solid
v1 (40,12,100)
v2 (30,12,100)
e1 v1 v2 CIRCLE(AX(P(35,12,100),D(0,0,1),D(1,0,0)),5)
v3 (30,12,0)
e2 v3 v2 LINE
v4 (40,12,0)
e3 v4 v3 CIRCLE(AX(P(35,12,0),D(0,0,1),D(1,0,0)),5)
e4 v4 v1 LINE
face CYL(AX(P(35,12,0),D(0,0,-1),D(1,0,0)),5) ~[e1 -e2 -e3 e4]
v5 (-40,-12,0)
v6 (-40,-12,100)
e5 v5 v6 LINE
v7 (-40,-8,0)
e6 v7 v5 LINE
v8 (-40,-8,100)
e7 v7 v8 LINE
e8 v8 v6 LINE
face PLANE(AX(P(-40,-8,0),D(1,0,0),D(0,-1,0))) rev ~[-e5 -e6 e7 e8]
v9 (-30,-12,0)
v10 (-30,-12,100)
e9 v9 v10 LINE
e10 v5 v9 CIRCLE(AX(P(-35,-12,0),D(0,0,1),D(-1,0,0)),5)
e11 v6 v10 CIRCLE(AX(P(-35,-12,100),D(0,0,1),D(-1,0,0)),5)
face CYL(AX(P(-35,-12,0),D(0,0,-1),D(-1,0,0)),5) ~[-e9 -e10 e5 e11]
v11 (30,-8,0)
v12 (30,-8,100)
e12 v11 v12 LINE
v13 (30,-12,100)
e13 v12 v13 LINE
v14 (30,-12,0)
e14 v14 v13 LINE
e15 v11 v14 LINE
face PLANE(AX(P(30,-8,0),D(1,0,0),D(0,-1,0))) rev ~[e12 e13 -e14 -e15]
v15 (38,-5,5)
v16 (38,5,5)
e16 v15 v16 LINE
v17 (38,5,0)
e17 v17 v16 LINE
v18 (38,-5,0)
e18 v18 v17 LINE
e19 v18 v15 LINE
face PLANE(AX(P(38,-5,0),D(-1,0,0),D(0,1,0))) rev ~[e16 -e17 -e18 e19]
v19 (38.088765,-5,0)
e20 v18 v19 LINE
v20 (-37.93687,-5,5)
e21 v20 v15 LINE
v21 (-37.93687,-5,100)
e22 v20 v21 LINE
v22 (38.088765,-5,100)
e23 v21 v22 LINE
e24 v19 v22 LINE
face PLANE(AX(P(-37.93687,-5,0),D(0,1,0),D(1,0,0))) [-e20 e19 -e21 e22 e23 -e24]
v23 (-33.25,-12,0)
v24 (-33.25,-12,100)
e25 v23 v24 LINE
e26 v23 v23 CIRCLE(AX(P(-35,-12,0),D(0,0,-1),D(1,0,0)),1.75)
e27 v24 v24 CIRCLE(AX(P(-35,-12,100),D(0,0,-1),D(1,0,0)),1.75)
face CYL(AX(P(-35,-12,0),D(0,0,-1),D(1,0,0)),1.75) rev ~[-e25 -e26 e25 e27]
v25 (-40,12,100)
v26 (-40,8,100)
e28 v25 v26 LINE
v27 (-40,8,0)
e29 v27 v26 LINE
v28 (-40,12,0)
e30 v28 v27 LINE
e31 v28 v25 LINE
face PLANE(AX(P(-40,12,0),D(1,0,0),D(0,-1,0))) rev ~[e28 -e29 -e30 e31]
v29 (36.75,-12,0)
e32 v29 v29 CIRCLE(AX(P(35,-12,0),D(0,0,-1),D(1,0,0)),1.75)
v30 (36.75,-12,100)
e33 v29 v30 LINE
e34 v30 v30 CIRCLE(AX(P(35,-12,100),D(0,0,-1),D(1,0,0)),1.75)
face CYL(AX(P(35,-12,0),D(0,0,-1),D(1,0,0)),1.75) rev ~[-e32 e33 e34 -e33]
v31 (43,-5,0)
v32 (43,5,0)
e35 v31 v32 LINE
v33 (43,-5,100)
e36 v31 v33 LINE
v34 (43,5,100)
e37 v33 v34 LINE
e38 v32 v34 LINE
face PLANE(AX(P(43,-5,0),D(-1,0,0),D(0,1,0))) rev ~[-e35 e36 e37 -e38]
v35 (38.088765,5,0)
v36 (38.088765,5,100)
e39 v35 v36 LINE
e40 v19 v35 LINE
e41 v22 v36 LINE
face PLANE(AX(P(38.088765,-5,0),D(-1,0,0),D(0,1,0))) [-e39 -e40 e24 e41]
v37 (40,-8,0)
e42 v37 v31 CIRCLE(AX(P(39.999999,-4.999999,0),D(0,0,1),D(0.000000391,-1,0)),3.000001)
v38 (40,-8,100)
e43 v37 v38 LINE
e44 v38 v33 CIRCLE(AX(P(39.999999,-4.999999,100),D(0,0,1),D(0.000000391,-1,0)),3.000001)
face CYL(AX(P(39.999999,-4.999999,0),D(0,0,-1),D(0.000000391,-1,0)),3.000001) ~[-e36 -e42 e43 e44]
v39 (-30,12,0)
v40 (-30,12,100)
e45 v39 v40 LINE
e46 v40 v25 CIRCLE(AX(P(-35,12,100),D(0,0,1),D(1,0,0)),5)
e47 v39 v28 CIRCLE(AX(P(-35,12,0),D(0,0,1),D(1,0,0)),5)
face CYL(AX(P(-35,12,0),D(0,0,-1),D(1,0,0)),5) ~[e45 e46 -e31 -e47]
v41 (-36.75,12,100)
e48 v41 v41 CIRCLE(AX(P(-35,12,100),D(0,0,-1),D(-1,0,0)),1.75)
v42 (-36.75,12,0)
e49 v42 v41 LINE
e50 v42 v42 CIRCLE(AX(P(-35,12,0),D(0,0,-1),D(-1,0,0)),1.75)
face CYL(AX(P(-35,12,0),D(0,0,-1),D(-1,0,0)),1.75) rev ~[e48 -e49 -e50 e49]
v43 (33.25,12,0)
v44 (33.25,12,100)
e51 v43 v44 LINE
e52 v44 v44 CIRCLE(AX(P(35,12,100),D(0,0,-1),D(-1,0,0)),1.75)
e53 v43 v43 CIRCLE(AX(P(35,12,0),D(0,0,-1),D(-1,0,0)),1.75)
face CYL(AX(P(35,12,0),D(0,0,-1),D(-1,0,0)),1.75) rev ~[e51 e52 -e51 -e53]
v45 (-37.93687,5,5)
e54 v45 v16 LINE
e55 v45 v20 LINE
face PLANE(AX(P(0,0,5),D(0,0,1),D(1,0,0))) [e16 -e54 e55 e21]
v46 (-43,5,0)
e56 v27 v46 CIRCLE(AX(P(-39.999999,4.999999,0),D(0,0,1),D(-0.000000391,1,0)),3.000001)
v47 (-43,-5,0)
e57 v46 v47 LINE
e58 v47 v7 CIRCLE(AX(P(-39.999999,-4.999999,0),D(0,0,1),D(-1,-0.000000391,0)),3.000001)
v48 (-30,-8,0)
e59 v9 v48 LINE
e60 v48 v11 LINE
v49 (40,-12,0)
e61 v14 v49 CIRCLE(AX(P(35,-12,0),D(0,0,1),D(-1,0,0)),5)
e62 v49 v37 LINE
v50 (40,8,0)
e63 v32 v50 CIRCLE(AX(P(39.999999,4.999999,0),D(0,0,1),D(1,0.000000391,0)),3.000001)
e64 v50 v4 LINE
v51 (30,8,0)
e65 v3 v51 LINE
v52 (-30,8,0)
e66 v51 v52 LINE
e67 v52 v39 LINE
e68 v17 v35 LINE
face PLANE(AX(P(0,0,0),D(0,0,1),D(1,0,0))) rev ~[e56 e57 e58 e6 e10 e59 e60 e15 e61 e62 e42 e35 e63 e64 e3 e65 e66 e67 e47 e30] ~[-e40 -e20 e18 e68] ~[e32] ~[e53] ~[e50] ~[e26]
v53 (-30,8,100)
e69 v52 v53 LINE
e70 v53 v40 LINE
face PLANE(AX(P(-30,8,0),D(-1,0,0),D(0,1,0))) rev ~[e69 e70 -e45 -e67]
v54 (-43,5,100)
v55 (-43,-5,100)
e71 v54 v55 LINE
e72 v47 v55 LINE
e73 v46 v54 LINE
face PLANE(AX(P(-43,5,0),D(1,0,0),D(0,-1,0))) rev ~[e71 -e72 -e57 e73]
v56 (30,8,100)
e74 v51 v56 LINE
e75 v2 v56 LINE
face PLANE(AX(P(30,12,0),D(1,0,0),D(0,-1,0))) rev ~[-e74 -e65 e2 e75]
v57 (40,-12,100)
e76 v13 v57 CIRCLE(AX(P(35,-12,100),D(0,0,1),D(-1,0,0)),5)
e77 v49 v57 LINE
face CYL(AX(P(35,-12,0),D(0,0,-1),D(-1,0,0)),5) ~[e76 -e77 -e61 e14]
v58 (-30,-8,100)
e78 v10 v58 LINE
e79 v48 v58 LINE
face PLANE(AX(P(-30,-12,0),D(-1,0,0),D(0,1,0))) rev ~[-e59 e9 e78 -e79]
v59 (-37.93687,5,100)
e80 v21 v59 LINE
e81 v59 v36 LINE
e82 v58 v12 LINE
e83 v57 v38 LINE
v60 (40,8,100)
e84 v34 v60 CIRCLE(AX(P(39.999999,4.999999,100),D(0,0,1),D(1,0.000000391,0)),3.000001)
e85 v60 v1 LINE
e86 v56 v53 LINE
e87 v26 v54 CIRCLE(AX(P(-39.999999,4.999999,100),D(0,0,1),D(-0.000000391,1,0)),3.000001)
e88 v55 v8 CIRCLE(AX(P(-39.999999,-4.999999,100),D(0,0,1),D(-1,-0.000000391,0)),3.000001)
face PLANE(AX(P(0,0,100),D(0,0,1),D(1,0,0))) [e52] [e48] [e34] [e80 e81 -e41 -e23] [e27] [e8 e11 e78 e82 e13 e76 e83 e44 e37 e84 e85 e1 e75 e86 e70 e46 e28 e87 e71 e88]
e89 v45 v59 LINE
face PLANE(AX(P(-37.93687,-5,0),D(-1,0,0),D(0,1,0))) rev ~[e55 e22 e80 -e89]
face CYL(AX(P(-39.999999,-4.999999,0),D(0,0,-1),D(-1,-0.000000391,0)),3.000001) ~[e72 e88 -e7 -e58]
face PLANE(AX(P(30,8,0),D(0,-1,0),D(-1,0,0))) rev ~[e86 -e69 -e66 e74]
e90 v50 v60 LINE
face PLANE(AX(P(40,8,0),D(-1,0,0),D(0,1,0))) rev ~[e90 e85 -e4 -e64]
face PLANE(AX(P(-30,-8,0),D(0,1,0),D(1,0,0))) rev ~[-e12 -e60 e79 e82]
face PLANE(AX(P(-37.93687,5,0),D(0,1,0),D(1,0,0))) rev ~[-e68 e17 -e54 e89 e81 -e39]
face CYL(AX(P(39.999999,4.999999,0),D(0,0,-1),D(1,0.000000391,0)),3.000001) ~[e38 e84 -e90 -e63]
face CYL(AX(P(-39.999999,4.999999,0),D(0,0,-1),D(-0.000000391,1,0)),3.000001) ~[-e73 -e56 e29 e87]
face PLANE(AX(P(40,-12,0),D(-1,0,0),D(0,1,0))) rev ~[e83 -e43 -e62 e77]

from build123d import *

# Parameters (mm, degrees)
F1_W     = 76
F1_H     = 10
F2_DEPTH = 5
F0_W     = 76.025635
F0_H     = 10
F3_DEPTH = 100


with BuildPart() as f2:
    # F1 (on Top) → F2 (new body)
    with BuildSketch(Plane.XY):
        Rectangle(F1_W, F1_H)
    extrude(amount=F2_DEPTH)

    # F0 (on Top) → F3 (join)
    with BuildSketch(Plane.XY):
        with BuildLine():
            ThreePointArc((43, 5), (42.12132, 7.12132), (40, 8))
            Line((40, 8), (30, 8))
            Line((30, 8), (-30, 8))
            Line((-30, 8), (-40, 8))
            ThreePointArc((-40, 8), (-42.12132, 7.12132), (-43, 5))
            Line((-43, 5), (-43, -5))
            ThreePointArc((-43, -5), (-42.12132, -7.12132), (-40, -8))
            Line((-40, -8), (-30, -8))
            Line((-30, -8), (30, -8))
            Line((30, -8), (40, -8))
            ThreePointArc((40, -8), (42.12132, -7.12132), (43, -5))
            Line((43, -5), (43, 5))
        make_face()
        with Locations((0.075947, 0)):
            Rectangle(F0_W, F0_H, mode=Mode.SUBTRACT)
        with BuildLine():
            Line((30, 8), (40, 8))
            Line((40, 8), (40, 12))
            Line((40, 12), (36.75, 12))
            ThreePointArc((36.75, 12), (35, 10.25), (33.25, 12))
            Line((33.25, 12), (30, 12))
            Line((30, 12), (30, 8))
        make_face()
        with BuildLine():
            Line((36.75, 12), (40, 12))
            ThreePointArc((40, 12), (35, 17), (30, 12))
            Line((30, 12), (33.25, 12))
            ThreePointArc((33.25, 12), (35, 13.75), (36.75, 12))
        make_face()
        with BuildLine():
            Line((-40, 8), (-30, 8))
            Line((-30, 8), (-30, 12))
            Line((-30, 12), (-33.25, 12))
            ThreePointArc((-33.25, 12), (-35, 10.25), (-36.75, 12))
            Line((-36.75, 12), (-40, 12))
            Line((-40, 12), (-40, 8))
        make_face()
        with BuildLine():
            Line((-33.25, 12), (-30, 12))
            ThreePointArc((-30, 12), (-35, 17), (-40, 12))
            Line((-40, 12), (-36.75, 12))
            ThreePointArc((-36.75, 12), (-35, 13.75), (-33.25, 12))
        make_face()
        with BuildLine():
            Line((40, -12), (40, -8))
            Line((40, -8), (30, -8))
            Line((30, -8), (30, -12))
            Line((30, -12), (33.25, -12))
            ThreePointArc((33.25, -12), (35, -10.25), (36.75, -12))
            Line((36.75, -12), (40, -12))
        make_face()
        with BuildLine():
            ThreePointArc((30, -12), (35, -17), (40, -12))
            Line((40, -12), (36.75, -12))
            ThreePointArc((36.75, -12), (35, -13.75), (33.25, -12))
            Line((33.25, -12), (30, -12))
        make_face()
        with BuildLine():
            Line((-30, -12), (-30, -8))
            Line((-30, -8), (-40, -8))
            Line((-40, -8), (-40, -12))
            Line((-40, -12), (-36.75, -12))
            ThreePointArc((-36.75, -12), (-35, -10.25), (-33.25, -12))
            Line((-33.25, -12), (-30, -12))
        make_face()
        with BuildLine():
            ThreePointArc((-40, -12), (-35, -17), (-30, -12))
            Line((-30, -12), (-33.25, -12))
            ThreePointArc((-33.25, -12), (-35, -13.75), (-36.75, -12))
            Line((-36.75, -12), (-40, -12))
        make_face()
    extrude(amount=F3_DEPTH)


solid = f2.part
